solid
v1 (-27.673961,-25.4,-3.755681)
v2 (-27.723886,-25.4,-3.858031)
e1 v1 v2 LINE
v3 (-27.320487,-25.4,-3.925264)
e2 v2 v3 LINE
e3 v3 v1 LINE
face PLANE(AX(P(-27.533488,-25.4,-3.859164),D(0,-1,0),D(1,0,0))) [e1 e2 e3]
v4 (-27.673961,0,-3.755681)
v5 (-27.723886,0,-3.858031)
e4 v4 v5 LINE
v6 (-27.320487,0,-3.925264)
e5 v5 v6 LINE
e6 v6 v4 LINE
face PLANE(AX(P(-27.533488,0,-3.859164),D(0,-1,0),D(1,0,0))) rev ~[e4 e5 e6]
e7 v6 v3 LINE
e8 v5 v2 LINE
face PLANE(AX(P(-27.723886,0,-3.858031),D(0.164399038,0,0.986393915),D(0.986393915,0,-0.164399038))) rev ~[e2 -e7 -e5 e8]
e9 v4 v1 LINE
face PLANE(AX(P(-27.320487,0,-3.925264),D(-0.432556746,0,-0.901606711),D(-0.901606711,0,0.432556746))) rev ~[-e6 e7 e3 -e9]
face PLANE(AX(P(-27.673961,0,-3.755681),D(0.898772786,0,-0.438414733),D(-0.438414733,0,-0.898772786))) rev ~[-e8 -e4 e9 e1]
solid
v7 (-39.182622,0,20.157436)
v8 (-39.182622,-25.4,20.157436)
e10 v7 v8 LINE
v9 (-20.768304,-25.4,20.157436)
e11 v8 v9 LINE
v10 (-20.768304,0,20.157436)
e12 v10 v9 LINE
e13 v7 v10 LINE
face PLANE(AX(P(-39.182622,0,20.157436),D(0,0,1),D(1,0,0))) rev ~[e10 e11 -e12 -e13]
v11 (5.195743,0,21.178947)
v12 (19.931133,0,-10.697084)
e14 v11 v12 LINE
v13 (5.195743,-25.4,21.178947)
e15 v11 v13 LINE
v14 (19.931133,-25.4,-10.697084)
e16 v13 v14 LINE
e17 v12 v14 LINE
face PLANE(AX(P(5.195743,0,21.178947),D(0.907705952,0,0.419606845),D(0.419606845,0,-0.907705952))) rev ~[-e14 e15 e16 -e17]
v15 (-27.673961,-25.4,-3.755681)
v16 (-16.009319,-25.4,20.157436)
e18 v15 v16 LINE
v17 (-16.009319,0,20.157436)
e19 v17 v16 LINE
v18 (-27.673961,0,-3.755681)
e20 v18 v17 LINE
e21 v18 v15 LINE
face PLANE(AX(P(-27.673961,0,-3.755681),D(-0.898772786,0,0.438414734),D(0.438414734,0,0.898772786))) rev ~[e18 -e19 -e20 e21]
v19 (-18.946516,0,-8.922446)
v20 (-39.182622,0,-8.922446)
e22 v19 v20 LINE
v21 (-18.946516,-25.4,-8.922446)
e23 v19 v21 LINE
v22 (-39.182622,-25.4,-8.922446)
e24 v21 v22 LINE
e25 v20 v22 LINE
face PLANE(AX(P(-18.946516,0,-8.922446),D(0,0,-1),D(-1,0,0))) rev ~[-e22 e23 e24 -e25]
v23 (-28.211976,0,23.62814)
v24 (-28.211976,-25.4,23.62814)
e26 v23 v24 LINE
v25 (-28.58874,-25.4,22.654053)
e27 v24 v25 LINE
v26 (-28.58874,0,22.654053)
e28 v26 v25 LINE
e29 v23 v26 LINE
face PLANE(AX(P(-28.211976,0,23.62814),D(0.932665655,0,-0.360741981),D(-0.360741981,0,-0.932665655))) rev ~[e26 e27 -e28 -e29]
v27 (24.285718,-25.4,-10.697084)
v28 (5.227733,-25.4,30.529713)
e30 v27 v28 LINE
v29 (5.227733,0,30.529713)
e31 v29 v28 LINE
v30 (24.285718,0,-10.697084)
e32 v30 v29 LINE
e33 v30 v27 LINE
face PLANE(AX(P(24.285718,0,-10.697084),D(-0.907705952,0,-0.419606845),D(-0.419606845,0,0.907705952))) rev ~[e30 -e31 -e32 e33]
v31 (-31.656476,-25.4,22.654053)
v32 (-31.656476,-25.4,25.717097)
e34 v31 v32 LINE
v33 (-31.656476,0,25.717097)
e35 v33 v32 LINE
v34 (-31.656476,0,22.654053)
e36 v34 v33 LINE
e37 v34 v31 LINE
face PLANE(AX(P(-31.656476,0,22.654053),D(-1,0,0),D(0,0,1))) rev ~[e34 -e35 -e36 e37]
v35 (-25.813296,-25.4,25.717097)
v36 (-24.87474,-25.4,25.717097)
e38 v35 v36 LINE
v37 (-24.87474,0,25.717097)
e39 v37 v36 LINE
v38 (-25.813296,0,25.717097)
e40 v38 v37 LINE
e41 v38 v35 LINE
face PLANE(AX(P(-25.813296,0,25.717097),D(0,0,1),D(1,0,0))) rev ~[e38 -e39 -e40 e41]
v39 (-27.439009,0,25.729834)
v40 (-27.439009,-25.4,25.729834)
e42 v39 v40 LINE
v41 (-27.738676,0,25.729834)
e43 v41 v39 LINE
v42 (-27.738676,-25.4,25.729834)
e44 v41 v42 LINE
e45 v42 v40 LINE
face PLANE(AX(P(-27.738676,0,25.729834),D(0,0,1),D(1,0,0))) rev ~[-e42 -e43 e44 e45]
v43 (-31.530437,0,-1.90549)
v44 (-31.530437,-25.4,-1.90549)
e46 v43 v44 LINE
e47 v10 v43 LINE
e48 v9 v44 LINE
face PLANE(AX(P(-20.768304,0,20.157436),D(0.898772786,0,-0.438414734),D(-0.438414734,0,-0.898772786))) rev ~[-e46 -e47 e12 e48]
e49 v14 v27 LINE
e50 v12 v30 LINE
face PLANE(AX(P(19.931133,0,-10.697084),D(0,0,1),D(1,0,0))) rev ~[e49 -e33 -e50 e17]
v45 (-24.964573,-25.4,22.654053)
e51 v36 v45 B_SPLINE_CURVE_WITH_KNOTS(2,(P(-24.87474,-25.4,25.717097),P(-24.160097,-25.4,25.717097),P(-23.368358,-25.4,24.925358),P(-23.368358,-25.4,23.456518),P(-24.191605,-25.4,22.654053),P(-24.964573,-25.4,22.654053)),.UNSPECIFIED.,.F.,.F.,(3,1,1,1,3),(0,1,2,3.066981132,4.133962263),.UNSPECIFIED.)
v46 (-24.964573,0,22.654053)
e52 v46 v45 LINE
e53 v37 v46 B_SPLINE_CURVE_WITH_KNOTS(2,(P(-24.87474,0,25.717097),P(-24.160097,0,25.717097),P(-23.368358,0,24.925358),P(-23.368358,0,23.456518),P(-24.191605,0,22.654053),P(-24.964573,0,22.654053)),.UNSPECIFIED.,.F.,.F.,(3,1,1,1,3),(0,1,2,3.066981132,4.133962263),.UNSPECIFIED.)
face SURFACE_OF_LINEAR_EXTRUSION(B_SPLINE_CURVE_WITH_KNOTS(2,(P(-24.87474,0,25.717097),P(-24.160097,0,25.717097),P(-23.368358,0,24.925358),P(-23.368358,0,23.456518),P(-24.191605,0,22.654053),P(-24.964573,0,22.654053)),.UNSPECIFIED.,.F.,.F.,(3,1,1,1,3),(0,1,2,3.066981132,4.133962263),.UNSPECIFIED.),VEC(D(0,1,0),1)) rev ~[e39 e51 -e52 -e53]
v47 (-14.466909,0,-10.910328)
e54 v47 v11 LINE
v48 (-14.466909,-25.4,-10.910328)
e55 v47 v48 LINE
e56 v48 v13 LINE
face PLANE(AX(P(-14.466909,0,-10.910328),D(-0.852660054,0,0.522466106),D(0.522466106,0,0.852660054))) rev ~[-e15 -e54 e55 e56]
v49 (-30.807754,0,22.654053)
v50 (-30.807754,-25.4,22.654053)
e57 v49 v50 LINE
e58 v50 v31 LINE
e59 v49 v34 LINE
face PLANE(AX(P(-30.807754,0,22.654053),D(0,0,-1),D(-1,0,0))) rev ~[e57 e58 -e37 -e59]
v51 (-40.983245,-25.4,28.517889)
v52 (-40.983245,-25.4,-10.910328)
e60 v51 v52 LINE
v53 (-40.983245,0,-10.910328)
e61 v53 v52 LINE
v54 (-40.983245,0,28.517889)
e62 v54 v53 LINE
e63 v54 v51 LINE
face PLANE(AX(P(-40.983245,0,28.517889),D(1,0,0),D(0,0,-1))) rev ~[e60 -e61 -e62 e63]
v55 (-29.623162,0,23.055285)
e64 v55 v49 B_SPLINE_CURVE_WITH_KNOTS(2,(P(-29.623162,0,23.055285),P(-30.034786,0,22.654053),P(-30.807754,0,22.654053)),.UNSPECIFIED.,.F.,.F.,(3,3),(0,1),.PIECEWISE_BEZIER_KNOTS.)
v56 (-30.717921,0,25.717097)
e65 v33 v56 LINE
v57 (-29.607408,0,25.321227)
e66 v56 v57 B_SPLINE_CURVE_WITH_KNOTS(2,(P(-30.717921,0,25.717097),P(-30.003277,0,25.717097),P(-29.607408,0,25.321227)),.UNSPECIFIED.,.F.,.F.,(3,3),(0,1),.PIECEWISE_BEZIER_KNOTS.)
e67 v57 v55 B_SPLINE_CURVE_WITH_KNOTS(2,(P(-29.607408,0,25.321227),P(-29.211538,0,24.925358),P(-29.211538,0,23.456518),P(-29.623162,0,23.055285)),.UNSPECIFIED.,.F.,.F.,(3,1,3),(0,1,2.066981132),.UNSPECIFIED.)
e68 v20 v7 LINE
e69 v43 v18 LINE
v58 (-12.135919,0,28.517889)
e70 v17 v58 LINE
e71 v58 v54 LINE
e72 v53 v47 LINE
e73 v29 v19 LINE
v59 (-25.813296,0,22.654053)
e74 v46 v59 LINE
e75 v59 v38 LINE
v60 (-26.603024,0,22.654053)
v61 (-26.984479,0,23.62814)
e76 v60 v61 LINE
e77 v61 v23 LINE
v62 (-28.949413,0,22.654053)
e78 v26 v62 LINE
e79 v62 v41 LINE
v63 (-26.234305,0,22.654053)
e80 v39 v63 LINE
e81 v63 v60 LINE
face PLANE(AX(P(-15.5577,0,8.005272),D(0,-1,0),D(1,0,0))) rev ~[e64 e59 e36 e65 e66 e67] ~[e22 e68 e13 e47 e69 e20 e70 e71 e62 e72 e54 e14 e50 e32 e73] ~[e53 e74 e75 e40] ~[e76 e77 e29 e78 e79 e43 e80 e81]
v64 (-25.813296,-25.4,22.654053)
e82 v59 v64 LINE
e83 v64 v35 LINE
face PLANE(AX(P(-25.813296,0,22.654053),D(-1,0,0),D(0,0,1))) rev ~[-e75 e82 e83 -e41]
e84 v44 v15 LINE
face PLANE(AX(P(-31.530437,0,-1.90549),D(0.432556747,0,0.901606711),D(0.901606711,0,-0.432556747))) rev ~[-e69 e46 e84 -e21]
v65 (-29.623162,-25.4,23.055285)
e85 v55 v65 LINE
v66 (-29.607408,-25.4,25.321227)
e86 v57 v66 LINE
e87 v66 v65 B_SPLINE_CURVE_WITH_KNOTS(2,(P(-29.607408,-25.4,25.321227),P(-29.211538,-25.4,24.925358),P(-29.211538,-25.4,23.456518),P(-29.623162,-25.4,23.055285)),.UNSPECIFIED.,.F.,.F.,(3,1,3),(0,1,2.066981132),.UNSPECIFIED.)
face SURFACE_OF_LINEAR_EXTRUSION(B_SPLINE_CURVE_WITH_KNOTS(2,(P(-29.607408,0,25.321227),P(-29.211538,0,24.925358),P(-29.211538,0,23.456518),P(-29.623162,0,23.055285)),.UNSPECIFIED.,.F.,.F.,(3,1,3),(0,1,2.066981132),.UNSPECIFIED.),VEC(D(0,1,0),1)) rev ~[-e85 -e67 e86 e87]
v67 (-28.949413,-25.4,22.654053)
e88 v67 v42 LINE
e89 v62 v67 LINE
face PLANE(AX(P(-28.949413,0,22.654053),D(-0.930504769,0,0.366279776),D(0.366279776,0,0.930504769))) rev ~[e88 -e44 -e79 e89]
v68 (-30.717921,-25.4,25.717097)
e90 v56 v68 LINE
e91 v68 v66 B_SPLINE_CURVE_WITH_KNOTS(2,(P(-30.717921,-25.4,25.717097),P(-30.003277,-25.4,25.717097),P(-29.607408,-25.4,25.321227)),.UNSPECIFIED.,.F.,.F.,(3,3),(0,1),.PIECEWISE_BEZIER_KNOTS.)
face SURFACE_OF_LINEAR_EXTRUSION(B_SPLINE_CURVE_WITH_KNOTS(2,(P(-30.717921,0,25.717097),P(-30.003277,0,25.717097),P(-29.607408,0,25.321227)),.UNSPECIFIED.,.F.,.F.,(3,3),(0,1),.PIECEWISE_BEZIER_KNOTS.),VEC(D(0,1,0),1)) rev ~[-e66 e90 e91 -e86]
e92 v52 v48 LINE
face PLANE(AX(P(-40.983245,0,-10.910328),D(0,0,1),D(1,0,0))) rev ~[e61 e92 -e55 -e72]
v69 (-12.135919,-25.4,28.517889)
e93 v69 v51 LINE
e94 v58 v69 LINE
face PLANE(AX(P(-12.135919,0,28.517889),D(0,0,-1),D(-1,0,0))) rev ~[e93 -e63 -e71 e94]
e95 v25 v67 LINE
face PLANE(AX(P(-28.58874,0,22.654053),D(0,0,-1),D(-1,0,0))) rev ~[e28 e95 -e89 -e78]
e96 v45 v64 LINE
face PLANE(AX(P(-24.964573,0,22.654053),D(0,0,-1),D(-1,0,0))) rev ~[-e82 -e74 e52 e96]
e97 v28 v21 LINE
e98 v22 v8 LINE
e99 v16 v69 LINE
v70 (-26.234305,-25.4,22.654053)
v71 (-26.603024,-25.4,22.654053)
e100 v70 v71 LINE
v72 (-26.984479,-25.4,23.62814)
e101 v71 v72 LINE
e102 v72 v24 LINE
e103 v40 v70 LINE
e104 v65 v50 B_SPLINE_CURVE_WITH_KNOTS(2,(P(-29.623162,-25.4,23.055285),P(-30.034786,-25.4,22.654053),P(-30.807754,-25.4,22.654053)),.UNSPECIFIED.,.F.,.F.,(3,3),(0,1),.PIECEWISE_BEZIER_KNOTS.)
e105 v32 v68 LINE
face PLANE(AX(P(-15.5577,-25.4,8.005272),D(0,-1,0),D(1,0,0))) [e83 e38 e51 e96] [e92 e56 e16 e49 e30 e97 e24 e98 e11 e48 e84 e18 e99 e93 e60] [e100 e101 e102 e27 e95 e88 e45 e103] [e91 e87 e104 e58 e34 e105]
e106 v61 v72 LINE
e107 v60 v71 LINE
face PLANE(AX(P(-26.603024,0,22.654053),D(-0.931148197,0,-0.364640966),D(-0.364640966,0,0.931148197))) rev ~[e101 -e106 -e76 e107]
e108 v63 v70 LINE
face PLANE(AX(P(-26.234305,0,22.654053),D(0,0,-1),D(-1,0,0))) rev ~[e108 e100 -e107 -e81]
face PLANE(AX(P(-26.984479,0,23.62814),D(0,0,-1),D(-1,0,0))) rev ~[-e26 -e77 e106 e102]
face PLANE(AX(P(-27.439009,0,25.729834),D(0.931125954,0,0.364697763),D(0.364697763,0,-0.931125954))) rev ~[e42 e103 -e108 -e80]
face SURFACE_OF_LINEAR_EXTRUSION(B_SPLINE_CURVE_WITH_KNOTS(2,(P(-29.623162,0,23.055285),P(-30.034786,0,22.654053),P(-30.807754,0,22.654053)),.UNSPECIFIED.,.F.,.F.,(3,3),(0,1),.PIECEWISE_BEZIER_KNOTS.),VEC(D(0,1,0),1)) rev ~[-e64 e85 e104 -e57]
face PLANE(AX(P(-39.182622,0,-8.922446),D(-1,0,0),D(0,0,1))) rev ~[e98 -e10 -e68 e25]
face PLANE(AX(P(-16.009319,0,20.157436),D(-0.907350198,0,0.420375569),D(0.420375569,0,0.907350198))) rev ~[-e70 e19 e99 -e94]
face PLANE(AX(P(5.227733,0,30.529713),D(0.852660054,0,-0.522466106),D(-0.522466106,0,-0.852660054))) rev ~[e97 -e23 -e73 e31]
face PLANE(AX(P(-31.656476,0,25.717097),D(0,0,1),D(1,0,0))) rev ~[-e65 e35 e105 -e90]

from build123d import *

# Parameters (mm, degrees)
F1_DEPTH = 25.4


with BuildPart() as f1:
    # F0 (on Front) → F1 (new body)
    with BuildSketch(Plane.XZ):
        Polygon((-14.4669092909, -10.910328379), (5.1957434184, 21.1789465251), (19.9311329773, -10.6970844829), (24.28571788, -10.6970844829), (5.2277326737, 30.5297134213), (-18.9465156888, -8.9224455917), (-39.1826219857, -8.9224455917), (-39.1826219857, 20.1574359089), (-20.7683040569, 20.1574359089), (-31.5304366217, -1.9054901972), (-27.6739607229, -3.7556812486), (-16.0093186147, 20.1574359089), (-12.1359187178, 28.5178888589), (-32.0774856955, 28.5178888589), (-40.9832447767, 28.5178888589), (-40.9832447767, -8.9224455917), (-40.9832447767, -10.910328379), align=None)
        with BuildLine():
            add(Edge.make_bspline(
                [(-29.6074078263, 25.3212274207), (-29.2115383781, 24.9253579726), (-29.2115383781, 24.2147371173)],
                knots=[0, 0, 0, 1, 1, 1], degree=2))
            add(Edge.make_bspline(
                [(-29.2115383781, 24.2147371173), (-29.2115383781, 23.4565180726), (-29.6231621566, 23.0552854482)],
                knots=[0, 0, 0, 1, 1, 1], degree=2))
            add(Edge.make_bspline(
                [(-29.6231621566, 23.0552854482), (-30.034785935, 22.6540528238), (-30.8077537144, 22.6540528238)],
                knots=[0, 0, 0, 1, 1, 1], degree=2))
            Line((-30.8077537144, 22.6540528238), (-31.6564763586, 22.6540528238))
            Line((-31.6564763586, 22.6540528238), (-31.6564763586, 25.7170968689))
            Line((-31.6564763586, 25.7170968689), (-30.717920512, 25.7170968689))
            add(Edge.make_bspline(
                [(-30.717920512, 25.7170968689), (-30.0032772745, 25.7170968689), (-29.6074078263, 25.3212274207)],
                knots=[0, 0, 0, 1, 1, 1], degree=2))
        make_face(mode=Mode.SUBTRACT)
        Polygon((-26.2343051533, 22.6540528238), (-26.6030235216, 22.6540528238), (-26.9844794335, 23.6281397132), (-28.2119764015, 23.6281397132), (-28.5887395342, 22.6540528238), (-28.9494131381, 22.6540528238), (-27.738676096, 25.7298344125), (-27.4390086221, 25.7298344125), align=None, mode=Mode.SUBTRACT)
        with BuildLine():
            add(Edge.make_bspline(
                [(-23.7642272841, 25.3212274207), (-23.368357836, 24.9253579726), (-23.368357836, 24.2147371173)],
                knots=[0, 0, 0, 1, 1, 1], degree=2))
            add(Edge.make_bspline(
                [(-23.368357836, 24.2147371173), (-23.368357836, 23.4565180726), (-23.7799816144, 23.0552854482)],
                knots=[0, 0, 0, 1, 1, 1], degree=2))
            add(Edge.make_bspline(
                [(-23.7799816144, 23.0552854482), (-24.1916053928, 22.6540528238), (-24.9645731722, 22.6540528238)],
                knots=[0, 0, 0, 1, 1, 1], degree=2))
            Line((-24.9645731722, 22.6540528238), (-25.8132958164, 22.6540528238))
            Line((-25.8132958164, 22.6540528238), (-25.8132958164, 25.7170968689))
            Line((-25.8132958164, 25.7170968689), (-24.8747399698, 25.7170968689))
            add(Edge.make_bspline(
                [(-24.8747399698, 25.7170968689), (-24.1600967323, 25.7170968689), (-23.7642272841, 25.3212274207)],
                knots=[0, 0, 0, 1, 1, 1], degree=2))
        make_face(mode=Mode.SUBTRACT)
    extrude(amount=F1_DEPTH)


with BuildPart() as f1b:
    # F0 (on Front) → F1, piece 2 (new body)
    with BuildSketch(Plane.XZ):
        Polygon((-27.3204874247, -3.9252643473), (-27.6739607229, -3.7556812486), (-27.723886267, -3.8580311857), align=None)
    extrude(amount=F1_DEPTH)


solid = Compound([f1.part, f1b.part])
